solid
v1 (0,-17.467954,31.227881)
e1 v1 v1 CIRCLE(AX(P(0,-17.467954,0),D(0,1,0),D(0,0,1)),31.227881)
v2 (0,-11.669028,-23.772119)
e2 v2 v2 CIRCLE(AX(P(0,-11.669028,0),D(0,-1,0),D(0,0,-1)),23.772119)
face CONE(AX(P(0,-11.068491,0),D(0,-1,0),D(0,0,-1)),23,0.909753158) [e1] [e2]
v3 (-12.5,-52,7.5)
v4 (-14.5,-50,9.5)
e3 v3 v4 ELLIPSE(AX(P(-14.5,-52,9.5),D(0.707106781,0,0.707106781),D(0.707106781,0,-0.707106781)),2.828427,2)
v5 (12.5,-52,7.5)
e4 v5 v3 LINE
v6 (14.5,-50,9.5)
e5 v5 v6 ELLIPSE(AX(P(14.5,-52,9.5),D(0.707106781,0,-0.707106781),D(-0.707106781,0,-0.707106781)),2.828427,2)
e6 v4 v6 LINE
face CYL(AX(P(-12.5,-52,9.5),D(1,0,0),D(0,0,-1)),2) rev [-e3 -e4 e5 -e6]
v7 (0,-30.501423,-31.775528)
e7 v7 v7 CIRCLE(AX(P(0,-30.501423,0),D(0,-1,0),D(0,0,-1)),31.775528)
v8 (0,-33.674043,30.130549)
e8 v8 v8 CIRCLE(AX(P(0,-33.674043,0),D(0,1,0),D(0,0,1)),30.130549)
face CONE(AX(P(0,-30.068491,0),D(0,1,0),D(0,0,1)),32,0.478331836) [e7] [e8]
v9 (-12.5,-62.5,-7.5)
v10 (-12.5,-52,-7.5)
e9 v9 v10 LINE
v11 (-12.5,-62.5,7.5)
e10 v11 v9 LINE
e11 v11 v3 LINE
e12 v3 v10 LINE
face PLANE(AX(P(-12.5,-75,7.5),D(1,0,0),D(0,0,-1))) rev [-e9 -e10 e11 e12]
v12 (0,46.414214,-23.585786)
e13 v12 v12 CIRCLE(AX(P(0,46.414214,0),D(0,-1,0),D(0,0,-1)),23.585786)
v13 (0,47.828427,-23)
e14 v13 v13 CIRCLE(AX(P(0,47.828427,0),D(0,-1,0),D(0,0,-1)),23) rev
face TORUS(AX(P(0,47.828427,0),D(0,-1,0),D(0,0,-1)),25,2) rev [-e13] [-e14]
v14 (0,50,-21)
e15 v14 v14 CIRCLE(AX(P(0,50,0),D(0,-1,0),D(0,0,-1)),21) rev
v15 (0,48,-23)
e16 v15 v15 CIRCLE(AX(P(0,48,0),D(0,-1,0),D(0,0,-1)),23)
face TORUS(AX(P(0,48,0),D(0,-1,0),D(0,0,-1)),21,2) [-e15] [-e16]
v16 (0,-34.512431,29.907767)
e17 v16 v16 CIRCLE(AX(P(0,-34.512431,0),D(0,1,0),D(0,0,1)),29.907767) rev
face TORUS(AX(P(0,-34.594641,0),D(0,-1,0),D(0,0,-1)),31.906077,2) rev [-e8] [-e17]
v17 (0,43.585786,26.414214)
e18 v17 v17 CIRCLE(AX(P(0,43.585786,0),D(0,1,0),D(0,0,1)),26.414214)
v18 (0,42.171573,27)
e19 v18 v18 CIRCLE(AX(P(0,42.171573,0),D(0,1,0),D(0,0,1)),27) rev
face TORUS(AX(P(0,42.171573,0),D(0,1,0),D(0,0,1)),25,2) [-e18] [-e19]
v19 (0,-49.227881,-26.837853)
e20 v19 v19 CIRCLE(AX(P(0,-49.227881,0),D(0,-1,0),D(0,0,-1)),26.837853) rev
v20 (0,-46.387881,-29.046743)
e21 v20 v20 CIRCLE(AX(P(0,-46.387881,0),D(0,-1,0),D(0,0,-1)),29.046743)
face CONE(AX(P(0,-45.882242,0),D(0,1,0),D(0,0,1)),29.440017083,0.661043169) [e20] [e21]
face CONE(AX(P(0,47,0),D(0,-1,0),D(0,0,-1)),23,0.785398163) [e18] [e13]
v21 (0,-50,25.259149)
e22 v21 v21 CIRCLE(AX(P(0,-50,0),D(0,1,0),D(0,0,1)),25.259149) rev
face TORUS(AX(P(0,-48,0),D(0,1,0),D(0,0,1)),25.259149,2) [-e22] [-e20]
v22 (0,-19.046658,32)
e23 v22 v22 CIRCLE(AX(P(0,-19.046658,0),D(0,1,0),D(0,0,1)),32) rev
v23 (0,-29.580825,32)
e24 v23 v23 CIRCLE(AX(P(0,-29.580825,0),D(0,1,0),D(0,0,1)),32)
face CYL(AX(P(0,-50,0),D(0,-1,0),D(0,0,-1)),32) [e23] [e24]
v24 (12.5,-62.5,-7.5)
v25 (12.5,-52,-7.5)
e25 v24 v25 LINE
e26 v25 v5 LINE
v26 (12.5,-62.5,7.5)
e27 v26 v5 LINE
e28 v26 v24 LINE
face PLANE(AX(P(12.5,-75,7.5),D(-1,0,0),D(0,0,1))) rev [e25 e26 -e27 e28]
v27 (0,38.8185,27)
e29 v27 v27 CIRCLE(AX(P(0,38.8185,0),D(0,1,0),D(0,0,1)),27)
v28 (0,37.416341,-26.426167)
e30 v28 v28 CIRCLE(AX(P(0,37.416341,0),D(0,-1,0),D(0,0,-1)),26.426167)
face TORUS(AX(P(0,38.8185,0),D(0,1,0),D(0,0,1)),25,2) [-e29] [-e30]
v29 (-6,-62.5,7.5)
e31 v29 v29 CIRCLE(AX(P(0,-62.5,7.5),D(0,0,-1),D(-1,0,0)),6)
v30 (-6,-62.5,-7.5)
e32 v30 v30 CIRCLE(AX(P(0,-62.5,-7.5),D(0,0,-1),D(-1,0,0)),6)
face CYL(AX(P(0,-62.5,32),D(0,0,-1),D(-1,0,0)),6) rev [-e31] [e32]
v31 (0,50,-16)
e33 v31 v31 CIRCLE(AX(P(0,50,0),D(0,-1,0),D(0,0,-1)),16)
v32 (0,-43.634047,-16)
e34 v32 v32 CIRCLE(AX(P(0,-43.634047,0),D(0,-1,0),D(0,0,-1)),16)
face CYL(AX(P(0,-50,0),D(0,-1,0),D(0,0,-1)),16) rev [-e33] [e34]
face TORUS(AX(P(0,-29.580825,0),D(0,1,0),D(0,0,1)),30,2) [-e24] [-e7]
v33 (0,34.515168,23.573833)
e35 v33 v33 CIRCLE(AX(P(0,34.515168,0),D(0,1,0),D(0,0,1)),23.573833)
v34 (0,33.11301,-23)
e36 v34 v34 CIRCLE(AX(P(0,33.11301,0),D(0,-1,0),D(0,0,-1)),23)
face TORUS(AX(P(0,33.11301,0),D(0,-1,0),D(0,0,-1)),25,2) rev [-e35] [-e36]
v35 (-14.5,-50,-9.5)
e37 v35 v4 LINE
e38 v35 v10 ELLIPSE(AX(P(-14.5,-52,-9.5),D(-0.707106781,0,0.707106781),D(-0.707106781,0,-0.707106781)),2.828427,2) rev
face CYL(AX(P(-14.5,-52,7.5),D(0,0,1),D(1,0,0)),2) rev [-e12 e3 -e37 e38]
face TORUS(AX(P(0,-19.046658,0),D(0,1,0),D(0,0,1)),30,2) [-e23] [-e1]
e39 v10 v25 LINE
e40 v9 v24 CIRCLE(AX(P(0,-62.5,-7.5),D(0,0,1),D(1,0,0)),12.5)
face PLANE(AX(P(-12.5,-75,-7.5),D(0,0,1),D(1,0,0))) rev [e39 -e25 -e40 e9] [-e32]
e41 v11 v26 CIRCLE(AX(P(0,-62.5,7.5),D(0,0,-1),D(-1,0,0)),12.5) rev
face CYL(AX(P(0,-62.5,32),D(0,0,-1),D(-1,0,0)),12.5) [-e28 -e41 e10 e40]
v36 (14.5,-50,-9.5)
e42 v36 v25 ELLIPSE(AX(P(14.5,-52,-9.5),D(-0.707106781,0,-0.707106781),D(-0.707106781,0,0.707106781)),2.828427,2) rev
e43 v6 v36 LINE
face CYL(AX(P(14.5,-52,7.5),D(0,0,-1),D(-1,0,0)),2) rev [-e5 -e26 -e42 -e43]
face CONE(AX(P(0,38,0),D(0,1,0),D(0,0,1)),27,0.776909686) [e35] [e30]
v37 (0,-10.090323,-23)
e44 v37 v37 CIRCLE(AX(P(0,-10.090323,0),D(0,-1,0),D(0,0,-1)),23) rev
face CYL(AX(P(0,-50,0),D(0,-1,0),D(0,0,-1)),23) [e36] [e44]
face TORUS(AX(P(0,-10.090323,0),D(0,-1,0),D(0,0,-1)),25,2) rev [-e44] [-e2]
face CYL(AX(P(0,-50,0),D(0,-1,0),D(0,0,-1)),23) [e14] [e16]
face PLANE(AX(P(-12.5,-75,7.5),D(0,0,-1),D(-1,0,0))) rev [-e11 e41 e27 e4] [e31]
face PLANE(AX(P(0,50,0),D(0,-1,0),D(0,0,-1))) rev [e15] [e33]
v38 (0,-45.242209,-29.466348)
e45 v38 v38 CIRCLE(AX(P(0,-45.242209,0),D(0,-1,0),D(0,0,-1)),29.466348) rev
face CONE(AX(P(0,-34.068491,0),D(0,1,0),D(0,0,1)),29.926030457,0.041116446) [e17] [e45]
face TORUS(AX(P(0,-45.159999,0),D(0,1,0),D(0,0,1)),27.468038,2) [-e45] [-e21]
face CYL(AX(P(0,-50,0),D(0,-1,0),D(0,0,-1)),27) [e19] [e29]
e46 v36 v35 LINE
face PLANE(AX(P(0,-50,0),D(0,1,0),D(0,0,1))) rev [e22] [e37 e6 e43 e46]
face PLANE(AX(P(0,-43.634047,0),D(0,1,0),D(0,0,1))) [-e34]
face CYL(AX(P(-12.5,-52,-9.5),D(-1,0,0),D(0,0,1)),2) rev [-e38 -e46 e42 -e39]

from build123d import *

# Parameters (mm, degrees)
SKETCH_2_W          = 25
SKETCH_2_H          = 15
EXTRUDE_1_DEPTH     = 25
SKETCH_3_R          = 6
CUT_EXTRUDE_1_DEPTH = 91.604911567
FILLET_1_R          = 2
FILLET_2_R          = 2
FILLET_3_R          = 2


with BuildPart() as part:
    # Эскиз1 → Повернуть2 (revolve)
    with BuildSketch(Plane.XY, mode=Mode.PRIVATE) as revolve_2_sk:
        Polygon((-16, -43.634046593), (-16, 50), (-23, 50), (-23, 47), (-27, 43), (-27, 38), (-23, 33.931509151), (-23, -11.068490849), (-32, -18.068490849), (-32, -30.068490849), (-29.926030457, -34.068490849), (-29.440017083, -45.882241974), (-26.237316396, -50), (0, -50), (0, -43.634046593), align=None)
    revolve(revolve_2_sk.sketch.rotate(Axis((0, -50, 0), (0, 1, 0)), 270), axis=Axis((0, -50, 0), (0, 1, 0)))

    # Эскиз2 → Бобышка-Вытянуть1 (add)
    with BuildSketch(Plane(origin=(0, -50, 0), x_dir=(-1, 0, 0), z_dir=(0, -1, 0))):
        Rectangle(SKETCH_2_W, SKETCH_2_H)
    extrude(amount=EXTRUDE_1_DEPTH)

    # Эскиз3 → Вырез-Вытянуть1 (cut, through all)
    with BuildSketch(Plane(origin=(0, 0, -7.5), x_dir=(-1, 0, 0), z_dir=(0, 0, -1))):
        with Locations((0, -62.5)):
            Circle(SKETCH_3_R)
        with BuildLine():
            Line((12.5, -62.5), (18.10311098, -62.5))
            Line((18.10311098, -62.5), (18.10311098, -97.820342189))
            Line((18.10311098, -97.820342189), (-20.039236713, -97.820342189))
            Line((-20.039236713, -97.820342189), (-20.039236713, -62.5))
            Line((-20.039236713, -62.5), (-12.5, -62.5))
            ThreePointArc((-12.5, -62.5), (0, -75), (12.5, -62.5))
        make_face()
    extrude(amount=-CUT_EXTRUDE_1_DEPTH, mode=Mode.SUBTRACT)

    # Скругление1
    fillet_1_edges = [part.edges().sort_by_distance(p)[0] for p in [
        (12.5, -50, 0),
        (0, -50, 7.5),
        (-12.5, -50, 0),
        (0, -50, -7.5),
    ]]
    fillet(fillet_1_edges, radius=FILLET_1_R)

    # Скругление2
    fillet_2_edges = [part.edges().sort_by_distance(p)[0] for p in [
        (0, -45.882241974, 29.440017083),
        (0, -34.068490849, 29.926030457),
        (0, -30.068490849, 32),
        (0, -18.068490849, 32),
        (0, -11.068490849, 23),
        (0, 38, 27),
        (0, 43, 27),
        (0, 47, 23),
        (0, -50, 26.237316396),
    ]]
    fillet(fillet_2_edges, radius=FILLET_2_R)

    # Скругление3
    fillet_3_edges = [part.edges().sort_by_distance(p)[0] for p in [
        (0, 33.931509151, 23),
        (0, 50, 23),
    ]]
    fillet(fillet_3_edges, radius=FILLET_3_R)


solid = part.part
